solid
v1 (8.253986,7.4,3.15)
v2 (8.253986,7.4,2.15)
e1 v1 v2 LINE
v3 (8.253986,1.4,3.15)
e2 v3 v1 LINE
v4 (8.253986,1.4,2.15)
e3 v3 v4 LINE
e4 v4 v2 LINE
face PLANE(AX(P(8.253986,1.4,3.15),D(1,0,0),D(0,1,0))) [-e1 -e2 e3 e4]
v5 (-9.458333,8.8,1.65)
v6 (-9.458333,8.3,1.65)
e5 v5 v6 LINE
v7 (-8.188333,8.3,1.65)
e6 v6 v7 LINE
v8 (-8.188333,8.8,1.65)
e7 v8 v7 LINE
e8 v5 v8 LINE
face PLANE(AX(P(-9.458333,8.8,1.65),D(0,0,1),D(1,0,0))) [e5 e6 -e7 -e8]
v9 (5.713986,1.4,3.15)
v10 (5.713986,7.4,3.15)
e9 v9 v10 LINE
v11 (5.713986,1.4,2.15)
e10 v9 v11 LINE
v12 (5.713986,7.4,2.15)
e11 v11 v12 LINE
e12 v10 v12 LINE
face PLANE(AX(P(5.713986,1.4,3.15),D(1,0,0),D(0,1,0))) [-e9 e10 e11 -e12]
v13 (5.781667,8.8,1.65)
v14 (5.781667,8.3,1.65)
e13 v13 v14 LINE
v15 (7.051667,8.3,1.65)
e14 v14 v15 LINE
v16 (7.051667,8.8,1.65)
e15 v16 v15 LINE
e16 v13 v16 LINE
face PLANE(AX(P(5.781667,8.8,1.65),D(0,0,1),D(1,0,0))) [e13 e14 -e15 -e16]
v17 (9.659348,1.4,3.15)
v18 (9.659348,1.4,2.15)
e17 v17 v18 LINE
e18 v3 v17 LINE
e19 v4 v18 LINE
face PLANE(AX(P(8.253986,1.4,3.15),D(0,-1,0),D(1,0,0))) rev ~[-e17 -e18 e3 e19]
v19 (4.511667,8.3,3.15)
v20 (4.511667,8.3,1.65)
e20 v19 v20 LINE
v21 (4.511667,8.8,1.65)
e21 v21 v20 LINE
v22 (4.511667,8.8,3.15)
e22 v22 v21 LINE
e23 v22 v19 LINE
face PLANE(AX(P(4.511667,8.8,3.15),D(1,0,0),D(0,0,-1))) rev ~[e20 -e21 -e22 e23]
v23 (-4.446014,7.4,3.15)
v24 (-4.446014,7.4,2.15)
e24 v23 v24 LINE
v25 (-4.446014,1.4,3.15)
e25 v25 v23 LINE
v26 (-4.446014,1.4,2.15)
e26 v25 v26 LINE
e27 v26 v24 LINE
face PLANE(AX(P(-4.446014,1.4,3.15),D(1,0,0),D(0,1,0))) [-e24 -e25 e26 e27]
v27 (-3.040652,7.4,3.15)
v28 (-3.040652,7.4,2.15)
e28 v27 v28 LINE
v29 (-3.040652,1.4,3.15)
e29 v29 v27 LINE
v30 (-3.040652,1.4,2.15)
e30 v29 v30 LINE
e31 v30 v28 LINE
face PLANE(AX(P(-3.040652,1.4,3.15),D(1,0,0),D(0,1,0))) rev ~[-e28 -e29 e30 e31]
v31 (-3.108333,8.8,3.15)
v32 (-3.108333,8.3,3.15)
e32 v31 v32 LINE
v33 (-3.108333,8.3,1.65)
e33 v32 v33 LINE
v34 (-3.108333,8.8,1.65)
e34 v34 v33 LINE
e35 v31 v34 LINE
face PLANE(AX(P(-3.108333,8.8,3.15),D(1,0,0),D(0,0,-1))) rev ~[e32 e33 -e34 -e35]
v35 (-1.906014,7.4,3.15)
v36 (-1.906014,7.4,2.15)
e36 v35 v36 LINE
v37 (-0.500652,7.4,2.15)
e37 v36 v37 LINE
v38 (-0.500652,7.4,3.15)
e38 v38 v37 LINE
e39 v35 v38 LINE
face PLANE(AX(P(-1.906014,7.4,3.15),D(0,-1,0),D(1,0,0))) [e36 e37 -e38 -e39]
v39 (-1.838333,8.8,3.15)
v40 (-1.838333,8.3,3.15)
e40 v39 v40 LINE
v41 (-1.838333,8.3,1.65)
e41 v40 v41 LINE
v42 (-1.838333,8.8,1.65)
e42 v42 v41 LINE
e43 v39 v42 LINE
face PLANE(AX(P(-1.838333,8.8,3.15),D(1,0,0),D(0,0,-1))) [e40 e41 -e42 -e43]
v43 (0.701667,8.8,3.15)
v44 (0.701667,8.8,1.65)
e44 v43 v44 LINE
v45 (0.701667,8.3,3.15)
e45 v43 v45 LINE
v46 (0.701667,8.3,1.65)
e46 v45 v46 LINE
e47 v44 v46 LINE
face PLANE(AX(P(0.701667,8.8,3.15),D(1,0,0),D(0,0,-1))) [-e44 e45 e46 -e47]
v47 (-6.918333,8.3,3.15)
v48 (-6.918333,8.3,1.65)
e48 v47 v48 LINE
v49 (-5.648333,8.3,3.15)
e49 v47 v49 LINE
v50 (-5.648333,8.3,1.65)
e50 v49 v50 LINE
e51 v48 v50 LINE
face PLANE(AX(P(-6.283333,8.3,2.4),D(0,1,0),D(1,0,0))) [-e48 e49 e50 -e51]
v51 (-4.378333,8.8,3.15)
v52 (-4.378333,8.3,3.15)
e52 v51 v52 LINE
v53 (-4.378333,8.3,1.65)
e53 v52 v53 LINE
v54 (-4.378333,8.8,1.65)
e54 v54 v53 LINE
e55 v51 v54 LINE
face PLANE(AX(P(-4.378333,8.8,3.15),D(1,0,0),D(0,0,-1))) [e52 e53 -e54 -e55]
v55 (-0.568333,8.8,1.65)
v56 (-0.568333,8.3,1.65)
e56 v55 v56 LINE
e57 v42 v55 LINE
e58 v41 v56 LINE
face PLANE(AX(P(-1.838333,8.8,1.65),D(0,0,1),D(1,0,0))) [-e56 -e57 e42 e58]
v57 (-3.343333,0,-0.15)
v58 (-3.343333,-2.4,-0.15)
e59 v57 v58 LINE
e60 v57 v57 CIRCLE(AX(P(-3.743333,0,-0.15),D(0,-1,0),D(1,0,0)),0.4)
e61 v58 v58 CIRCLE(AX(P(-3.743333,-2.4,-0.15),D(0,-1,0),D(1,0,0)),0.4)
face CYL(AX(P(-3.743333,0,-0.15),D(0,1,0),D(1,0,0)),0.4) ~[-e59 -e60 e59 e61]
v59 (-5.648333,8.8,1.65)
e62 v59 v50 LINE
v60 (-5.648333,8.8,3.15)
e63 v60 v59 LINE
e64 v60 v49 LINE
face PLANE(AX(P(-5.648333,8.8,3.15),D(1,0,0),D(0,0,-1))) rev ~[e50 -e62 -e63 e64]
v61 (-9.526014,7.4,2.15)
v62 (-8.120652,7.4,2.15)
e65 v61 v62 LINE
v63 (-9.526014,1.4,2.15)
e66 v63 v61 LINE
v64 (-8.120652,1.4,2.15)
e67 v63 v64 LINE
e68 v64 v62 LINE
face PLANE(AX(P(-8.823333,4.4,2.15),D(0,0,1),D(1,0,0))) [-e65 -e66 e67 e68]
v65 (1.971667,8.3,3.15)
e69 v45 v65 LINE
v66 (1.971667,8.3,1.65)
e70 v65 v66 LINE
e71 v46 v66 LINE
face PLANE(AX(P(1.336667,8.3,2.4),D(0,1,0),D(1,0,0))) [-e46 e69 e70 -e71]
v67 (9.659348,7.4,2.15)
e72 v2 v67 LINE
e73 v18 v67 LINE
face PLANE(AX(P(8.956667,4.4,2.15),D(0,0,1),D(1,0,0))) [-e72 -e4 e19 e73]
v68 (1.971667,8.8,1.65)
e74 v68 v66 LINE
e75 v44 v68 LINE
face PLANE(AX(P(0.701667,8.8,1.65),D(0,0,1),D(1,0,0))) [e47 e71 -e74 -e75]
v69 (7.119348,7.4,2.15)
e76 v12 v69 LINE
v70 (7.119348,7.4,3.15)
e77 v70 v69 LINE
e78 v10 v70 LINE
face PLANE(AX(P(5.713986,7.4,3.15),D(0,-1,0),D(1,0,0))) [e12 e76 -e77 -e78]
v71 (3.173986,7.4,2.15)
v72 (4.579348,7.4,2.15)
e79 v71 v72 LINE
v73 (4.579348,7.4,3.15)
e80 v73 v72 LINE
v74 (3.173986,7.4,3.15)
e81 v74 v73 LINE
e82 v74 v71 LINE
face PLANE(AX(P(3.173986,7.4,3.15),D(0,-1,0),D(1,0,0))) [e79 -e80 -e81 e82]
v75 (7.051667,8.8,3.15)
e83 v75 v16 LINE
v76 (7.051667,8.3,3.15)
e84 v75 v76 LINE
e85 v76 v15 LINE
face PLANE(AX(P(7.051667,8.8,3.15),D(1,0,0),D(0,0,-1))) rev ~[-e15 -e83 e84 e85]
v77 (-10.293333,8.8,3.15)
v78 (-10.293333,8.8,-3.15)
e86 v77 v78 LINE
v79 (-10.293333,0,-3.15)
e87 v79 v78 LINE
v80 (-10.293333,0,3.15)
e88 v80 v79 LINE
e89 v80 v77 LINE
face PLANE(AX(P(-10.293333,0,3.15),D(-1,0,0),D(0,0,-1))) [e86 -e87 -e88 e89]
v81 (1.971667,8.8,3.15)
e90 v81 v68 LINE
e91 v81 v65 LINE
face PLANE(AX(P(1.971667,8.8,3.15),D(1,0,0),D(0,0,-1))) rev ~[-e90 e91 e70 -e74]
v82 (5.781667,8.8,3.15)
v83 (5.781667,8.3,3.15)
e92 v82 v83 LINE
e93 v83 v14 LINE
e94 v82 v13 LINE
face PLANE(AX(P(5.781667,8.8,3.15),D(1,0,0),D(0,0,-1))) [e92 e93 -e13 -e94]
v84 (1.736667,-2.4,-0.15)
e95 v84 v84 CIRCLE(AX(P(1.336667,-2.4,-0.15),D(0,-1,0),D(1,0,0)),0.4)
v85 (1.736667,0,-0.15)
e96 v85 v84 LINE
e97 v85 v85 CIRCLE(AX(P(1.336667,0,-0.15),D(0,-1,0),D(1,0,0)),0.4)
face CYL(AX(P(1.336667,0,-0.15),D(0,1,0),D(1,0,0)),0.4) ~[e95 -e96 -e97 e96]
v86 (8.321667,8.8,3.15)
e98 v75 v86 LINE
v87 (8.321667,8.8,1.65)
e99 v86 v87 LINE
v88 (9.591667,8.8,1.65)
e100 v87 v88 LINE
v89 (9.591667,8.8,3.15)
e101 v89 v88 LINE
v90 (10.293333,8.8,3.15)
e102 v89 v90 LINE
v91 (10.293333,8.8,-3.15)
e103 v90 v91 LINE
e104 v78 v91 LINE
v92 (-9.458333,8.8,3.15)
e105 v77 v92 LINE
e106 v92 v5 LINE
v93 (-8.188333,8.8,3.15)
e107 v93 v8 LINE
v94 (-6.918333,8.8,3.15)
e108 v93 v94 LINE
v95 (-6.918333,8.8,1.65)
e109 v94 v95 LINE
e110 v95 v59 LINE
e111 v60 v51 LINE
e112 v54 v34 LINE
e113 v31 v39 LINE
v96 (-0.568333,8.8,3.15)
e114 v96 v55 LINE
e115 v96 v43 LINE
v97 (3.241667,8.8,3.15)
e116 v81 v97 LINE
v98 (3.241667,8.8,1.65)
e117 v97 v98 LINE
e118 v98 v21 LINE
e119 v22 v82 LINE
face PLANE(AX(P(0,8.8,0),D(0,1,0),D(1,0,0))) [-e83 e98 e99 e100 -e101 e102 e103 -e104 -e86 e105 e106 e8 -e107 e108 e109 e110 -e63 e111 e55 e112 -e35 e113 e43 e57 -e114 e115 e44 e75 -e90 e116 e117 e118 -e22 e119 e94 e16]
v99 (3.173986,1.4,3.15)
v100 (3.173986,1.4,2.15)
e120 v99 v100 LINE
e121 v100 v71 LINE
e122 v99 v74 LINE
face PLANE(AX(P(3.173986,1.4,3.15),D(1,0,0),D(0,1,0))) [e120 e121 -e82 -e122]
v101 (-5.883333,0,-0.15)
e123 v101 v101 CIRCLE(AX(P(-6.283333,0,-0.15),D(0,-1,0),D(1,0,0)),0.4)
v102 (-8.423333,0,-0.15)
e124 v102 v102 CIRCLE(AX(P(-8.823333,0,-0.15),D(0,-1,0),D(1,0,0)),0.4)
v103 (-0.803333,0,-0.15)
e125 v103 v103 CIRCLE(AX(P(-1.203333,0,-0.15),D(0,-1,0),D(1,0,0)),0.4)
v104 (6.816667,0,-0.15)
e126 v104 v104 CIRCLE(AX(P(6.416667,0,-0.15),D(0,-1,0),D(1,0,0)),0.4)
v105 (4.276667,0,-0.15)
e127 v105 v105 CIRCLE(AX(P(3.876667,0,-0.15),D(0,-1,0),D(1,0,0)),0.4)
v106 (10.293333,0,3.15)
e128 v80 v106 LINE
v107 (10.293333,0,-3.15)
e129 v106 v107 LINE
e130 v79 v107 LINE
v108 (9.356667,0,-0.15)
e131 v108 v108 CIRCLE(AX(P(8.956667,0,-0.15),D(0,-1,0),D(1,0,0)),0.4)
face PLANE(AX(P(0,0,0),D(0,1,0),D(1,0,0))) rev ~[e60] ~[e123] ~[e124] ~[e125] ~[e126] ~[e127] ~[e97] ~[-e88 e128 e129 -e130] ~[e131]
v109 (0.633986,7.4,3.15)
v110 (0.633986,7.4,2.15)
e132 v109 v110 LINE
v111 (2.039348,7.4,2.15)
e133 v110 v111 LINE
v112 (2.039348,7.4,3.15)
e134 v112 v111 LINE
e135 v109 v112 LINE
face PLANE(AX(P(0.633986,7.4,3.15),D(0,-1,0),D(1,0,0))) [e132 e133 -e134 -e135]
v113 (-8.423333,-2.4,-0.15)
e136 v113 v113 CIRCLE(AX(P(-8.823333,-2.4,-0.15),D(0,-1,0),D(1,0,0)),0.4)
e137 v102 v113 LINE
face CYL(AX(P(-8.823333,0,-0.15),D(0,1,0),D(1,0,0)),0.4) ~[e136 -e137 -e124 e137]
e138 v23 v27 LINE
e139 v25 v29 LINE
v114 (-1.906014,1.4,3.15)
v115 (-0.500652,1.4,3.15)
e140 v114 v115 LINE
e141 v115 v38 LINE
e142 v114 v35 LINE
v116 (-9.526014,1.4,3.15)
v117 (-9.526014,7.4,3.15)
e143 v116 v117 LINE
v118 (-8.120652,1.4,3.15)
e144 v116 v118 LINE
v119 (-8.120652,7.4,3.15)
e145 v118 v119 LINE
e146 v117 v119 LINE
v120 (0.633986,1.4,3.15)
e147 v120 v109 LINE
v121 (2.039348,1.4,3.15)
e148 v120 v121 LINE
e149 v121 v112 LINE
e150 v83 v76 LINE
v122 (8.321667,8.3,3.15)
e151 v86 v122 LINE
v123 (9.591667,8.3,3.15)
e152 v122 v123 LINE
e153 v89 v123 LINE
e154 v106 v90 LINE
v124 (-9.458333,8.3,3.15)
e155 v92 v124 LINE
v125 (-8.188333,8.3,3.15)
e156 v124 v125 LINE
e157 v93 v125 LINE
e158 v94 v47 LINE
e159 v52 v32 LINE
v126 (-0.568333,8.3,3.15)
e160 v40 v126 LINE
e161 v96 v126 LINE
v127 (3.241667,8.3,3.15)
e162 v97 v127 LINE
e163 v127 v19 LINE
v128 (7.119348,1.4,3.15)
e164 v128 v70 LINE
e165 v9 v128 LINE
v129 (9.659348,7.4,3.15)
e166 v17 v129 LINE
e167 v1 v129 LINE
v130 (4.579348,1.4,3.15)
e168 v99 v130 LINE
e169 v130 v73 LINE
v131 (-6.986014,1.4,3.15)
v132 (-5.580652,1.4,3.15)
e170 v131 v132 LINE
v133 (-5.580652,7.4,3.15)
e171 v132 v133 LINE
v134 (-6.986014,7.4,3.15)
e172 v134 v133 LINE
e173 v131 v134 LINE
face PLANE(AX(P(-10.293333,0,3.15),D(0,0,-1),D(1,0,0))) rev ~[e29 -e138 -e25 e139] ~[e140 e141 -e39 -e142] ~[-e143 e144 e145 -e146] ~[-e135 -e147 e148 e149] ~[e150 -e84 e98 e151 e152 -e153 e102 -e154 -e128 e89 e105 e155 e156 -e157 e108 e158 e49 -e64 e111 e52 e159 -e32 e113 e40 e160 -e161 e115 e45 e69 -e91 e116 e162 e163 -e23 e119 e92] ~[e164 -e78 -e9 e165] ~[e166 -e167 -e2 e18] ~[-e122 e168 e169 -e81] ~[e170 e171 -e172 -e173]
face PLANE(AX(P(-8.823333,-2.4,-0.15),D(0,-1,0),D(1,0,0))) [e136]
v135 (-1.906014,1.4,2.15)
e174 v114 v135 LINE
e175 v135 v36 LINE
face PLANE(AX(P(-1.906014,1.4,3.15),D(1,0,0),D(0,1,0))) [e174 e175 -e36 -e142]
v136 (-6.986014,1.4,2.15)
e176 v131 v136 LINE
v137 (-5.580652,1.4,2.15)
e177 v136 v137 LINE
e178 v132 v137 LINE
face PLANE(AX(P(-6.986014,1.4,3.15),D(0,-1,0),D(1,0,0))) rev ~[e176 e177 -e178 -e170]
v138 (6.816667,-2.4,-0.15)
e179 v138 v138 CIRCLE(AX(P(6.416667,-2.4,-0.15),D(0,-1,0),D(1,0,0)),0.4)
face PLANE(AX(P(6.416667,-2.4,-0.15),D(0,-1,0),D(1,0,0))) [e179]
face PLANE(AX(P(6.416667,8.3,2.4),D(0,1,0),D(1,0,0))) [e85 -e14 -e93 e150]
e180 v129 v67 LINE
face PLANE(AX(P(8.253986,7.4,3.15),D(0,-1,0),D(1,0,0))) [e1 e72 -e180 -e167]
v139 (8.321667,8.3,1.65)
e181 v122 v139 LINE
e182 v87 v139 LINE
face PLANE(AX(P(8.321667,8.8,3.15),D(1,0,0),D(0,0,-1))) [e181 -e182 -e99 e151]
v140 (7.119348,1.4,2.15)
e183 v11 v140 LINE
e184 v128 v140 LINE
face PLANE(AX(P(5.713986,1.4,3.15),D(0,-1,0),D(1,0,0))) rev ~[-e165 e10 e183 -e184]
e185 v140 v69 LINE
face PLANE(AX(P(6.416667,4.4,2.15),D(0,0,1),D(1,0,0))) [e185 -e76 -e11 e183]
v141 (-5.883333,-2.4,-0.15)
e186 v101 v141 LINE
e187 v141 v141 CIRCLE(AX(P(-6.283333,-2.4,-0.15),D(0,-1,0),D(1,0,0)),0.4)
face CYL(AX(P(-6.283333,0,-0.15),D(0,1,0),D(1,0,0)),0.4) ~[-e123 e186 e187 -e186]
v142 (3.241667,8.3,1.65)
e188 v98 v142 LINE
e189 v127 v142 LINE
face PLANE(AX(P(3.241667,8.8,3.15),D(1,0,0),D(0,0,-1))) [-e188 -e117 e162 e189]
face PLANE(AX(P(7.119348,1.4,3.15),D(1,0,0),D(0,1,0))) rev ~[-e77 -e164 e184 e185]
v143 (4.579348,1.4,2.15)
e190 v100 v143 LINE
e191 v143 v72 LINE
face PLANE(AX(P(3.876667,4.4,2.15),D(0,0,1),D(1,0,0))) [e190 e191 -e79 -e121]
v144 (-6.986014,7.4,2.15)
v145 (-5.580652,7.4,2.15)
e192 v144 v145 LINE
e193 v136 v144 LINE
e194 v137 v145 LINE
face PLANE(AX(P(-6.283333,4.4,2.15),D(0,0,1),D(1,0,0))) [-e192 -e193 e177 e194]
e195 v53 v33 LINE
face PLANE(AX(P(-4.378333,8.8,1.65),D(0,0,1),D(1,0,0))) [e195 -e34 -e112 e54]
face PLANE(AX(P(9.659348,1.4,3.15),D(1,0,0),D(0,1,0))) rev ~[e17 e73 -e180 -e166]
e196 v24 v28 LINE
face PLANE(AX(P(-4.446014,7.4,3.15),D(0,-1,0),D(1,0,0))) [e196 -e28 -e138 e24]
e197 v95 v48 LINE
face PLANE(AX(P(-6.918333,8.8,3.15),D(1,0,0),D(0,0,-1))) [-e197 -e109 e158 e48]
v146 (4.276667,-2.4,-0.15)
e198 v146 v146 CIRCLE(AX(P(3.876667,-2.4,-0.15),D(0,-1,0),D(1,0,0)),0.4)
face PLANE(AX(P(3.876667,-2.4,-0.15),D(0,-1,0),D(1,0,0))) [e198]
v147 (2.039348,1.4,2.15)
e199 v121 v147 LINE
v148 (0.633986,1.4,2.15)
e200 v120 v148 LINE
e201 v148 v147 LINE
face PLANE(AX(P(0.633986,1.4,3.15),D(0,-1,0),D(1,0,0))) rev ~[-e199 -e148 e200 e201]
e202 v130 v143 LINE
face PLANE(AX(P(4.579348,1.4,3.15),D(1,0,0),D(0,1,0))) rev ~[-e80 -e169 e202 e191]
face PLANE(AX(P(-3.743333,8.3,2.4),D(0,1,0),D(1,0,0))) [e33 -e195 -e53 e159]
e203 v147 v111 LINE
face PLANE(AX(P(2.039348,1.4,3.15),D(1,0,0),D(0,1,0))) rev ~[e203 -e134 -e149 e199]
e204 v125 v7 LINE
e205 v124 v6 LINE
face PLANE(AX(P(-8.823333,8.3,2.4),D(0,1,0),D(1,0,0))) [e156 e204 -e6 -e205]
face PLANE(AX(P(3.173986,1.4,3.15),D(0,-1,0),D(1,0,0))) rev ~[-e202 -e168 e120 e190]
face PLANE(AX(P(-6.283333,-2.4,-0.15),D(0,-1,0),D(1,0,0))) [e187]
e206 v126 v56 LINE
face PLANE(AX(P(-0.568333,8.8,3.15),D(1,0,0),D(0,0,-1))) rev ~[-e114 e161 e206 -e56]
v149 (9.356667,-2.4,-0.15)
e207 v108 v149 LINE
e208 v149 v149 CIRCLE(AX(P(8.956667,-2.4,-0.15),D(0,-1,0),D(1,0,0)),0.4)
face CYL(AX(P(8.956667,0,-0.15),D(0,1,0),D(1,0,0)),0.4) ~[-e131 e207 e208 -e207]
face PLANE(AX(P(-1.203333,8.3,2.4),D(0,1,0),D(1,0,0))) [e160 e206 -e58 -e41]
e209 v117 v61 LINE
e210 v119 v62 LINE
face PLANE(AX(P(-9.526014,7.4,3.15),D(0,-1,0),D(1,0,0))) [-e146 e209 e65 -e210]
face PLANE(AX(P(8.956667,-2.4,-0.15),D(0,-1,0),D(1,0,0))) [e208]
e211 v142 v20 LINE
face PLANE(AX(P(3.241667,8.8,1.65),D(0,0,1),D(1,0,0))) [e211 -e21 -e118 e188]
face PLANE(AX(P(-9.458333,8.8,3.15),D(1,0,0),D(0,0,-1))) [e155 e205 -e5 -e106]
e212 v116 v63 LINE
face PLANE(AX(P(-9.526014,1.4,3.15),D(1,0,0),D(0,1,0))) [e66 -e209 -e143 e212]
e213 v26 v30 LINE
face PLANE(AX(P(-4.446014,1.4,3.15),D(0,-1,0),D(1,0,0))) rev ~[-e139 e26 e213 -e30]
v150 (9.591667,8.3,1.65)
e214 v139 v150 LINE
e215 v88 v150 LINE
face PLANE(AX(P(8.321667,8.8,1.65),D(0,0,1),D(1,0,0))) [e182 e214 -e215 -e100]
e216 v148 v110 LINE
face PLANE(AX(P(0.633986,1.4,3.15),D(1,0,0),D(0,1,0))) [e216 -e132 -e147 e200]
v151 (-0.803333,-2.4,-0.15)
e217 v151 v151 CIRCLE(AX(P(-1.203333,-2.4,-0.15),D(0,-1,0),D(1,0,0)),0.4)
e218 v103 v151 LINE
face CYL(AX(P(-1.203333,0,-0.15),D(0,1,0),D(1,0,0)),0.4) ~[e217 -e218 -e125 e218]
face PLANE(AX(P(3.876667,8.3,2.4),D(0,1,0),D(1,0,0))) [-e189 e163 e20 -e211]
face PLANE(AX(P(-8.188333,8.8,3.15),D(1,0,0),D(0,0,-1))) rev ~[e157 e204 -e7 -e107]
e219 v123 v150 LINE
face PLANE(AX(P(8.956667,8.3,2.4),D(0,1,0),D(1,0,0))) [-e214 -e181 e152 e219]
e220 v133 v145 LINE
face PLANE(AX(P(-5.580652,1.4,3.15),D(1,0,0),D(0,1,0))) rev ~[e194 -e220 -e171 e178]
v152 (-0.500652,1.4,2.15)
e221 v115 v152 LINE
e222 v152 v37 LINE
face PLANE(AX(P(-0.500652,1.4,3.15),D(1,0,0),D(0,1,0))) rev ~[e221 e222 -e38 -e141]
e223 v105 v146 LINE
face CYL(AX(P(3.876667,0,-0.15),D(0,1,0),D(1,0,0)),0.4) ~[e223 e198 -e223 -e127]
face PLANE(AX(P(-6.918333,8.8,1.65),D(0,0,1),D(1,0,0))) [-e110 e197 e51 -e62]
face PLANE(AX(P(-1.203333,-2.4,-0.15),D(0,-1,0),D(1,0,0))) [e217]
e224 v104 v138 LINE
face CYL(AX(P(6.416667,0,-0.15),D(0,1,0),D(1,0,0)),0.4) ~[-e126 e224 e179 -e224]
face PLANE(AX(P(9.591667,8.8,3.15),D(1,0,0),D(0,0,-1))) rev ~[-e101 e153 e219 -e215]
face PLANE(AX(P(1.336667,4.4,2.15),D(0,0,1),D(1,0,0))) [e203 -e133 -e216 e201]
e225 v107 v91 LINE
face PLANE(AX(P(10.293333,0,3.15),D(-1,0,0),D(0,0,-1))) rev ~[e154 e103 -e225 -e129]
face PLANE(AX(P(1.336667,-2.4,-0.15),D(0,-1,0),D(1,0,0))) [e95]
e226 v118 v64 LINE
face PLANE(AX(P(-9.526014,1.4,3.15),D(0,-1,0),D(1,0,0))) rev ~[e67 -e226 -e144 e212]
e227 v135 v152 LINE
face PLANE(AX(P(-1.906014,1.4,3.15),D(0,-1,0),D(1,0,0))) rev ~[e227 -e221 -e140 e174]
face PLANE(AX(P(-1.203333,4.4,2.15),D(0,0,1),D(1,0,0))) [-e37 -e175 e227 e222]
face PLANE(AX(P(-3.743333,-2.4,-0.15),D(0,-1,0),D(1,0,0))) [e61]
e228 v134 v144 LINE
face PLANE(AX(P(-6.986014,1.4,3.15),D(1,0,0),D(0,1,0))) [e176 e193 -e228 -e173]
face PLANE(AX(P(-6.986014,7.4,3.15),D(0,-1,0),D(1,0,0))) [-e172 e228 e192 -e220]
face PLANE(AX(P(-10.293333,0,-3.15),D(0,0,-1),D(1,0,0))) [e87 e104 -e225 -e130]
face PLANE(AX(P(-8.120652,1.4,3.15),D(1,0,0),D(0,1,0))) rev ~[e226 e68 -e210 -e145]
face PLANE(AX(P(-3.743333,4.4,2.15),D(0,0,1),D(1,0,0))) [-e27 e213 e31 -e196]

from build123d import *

# Parameters (mm, degrees)
SKETCH2_W           = 20.586666666
SKETCH2_H           = 6.3
BOSS_EXTRUDE1_DEPTH = 8.8
SKETCH3_R           = 0.4
BOSS_EXTRUDE2_DEPTH = 2.4
SKETCH4_W           = 1.405361948
SKETCH4_H           = 6
CUT_EXTRUDE1_DEPTH  = 1
SKETCH5_W           = 1.27
SKETCH5_H           = 1.5
CUT_EXTRUDE2_DEPTH  = 0.5
LPATTERN1_COUNT     = 8
LPATTERN1_PITCH     = 2.54


with BuildPart() as part:
    # Sketch2 → Boss-Extrude1 (new body)
    with BuildSketch(Plane(origin=(0, 0, 0), x_dir=(1, 0, 0), z_dir=(0, 1, 0))):
        Rectangle(SKETCH2_W, SKETCH2_H)
    extrude(amount=BOSS_EXTRUDE1_DEPTH)

    # Sketch3 → Boss-Extrude2 (add)
    with BuildSketch(Plane.XZ):
        with Locations((-8.823333333, -0.15)):
            Circle(SKETCH3_R)
    boss_extrude2 = extrude(amount=BOSS_EXTRUDE2_DEPTH)

    # Sketch4 → Cut-Extrude1 (cut)
    with BuildSketch(Plane.XY.offset(3.15)):
        with Locations((-8.823333333, 4.4)):
            Rectangle(SKETCH4_W, SKETCH4_H)
    cut_extrude1 = extrude(amount=-CUT_EXTRUDE1_DEPTH, mode=Mode.SUBTRACT)

    # Sketch5 → Cut-Extrude2 (cut)
    with BuildSketch(Plane(origin=(0, 8.8, 0), x_dir=(1, 0, 0), z_dir=(0, 1, 0))):
        with Locations((-8.823333333, -2.4)):
            Rectangle(SKETCH5_W, SKETCH5_H)
    cut_extrude2 = extrude(amount=-CUT_EXTRUDE2_DEPTH, mode=Mode.SUBTRACT)

    # LPattern1: Boss-Extrude2, Cut-Extrude1, Cut-Extrude2 ×8
    with Locations(*[(i * LPATTERN1_PITCH, 0, 0) for i in range(1, LPATTERN1_COUNT)]):
        add(boss_extrude2)
        add(cut_extrude1, mode=Mode.SUBTRACT)
        add(cut_extrude2, mode=Mode.SUBTRACT)


solid = part.part
